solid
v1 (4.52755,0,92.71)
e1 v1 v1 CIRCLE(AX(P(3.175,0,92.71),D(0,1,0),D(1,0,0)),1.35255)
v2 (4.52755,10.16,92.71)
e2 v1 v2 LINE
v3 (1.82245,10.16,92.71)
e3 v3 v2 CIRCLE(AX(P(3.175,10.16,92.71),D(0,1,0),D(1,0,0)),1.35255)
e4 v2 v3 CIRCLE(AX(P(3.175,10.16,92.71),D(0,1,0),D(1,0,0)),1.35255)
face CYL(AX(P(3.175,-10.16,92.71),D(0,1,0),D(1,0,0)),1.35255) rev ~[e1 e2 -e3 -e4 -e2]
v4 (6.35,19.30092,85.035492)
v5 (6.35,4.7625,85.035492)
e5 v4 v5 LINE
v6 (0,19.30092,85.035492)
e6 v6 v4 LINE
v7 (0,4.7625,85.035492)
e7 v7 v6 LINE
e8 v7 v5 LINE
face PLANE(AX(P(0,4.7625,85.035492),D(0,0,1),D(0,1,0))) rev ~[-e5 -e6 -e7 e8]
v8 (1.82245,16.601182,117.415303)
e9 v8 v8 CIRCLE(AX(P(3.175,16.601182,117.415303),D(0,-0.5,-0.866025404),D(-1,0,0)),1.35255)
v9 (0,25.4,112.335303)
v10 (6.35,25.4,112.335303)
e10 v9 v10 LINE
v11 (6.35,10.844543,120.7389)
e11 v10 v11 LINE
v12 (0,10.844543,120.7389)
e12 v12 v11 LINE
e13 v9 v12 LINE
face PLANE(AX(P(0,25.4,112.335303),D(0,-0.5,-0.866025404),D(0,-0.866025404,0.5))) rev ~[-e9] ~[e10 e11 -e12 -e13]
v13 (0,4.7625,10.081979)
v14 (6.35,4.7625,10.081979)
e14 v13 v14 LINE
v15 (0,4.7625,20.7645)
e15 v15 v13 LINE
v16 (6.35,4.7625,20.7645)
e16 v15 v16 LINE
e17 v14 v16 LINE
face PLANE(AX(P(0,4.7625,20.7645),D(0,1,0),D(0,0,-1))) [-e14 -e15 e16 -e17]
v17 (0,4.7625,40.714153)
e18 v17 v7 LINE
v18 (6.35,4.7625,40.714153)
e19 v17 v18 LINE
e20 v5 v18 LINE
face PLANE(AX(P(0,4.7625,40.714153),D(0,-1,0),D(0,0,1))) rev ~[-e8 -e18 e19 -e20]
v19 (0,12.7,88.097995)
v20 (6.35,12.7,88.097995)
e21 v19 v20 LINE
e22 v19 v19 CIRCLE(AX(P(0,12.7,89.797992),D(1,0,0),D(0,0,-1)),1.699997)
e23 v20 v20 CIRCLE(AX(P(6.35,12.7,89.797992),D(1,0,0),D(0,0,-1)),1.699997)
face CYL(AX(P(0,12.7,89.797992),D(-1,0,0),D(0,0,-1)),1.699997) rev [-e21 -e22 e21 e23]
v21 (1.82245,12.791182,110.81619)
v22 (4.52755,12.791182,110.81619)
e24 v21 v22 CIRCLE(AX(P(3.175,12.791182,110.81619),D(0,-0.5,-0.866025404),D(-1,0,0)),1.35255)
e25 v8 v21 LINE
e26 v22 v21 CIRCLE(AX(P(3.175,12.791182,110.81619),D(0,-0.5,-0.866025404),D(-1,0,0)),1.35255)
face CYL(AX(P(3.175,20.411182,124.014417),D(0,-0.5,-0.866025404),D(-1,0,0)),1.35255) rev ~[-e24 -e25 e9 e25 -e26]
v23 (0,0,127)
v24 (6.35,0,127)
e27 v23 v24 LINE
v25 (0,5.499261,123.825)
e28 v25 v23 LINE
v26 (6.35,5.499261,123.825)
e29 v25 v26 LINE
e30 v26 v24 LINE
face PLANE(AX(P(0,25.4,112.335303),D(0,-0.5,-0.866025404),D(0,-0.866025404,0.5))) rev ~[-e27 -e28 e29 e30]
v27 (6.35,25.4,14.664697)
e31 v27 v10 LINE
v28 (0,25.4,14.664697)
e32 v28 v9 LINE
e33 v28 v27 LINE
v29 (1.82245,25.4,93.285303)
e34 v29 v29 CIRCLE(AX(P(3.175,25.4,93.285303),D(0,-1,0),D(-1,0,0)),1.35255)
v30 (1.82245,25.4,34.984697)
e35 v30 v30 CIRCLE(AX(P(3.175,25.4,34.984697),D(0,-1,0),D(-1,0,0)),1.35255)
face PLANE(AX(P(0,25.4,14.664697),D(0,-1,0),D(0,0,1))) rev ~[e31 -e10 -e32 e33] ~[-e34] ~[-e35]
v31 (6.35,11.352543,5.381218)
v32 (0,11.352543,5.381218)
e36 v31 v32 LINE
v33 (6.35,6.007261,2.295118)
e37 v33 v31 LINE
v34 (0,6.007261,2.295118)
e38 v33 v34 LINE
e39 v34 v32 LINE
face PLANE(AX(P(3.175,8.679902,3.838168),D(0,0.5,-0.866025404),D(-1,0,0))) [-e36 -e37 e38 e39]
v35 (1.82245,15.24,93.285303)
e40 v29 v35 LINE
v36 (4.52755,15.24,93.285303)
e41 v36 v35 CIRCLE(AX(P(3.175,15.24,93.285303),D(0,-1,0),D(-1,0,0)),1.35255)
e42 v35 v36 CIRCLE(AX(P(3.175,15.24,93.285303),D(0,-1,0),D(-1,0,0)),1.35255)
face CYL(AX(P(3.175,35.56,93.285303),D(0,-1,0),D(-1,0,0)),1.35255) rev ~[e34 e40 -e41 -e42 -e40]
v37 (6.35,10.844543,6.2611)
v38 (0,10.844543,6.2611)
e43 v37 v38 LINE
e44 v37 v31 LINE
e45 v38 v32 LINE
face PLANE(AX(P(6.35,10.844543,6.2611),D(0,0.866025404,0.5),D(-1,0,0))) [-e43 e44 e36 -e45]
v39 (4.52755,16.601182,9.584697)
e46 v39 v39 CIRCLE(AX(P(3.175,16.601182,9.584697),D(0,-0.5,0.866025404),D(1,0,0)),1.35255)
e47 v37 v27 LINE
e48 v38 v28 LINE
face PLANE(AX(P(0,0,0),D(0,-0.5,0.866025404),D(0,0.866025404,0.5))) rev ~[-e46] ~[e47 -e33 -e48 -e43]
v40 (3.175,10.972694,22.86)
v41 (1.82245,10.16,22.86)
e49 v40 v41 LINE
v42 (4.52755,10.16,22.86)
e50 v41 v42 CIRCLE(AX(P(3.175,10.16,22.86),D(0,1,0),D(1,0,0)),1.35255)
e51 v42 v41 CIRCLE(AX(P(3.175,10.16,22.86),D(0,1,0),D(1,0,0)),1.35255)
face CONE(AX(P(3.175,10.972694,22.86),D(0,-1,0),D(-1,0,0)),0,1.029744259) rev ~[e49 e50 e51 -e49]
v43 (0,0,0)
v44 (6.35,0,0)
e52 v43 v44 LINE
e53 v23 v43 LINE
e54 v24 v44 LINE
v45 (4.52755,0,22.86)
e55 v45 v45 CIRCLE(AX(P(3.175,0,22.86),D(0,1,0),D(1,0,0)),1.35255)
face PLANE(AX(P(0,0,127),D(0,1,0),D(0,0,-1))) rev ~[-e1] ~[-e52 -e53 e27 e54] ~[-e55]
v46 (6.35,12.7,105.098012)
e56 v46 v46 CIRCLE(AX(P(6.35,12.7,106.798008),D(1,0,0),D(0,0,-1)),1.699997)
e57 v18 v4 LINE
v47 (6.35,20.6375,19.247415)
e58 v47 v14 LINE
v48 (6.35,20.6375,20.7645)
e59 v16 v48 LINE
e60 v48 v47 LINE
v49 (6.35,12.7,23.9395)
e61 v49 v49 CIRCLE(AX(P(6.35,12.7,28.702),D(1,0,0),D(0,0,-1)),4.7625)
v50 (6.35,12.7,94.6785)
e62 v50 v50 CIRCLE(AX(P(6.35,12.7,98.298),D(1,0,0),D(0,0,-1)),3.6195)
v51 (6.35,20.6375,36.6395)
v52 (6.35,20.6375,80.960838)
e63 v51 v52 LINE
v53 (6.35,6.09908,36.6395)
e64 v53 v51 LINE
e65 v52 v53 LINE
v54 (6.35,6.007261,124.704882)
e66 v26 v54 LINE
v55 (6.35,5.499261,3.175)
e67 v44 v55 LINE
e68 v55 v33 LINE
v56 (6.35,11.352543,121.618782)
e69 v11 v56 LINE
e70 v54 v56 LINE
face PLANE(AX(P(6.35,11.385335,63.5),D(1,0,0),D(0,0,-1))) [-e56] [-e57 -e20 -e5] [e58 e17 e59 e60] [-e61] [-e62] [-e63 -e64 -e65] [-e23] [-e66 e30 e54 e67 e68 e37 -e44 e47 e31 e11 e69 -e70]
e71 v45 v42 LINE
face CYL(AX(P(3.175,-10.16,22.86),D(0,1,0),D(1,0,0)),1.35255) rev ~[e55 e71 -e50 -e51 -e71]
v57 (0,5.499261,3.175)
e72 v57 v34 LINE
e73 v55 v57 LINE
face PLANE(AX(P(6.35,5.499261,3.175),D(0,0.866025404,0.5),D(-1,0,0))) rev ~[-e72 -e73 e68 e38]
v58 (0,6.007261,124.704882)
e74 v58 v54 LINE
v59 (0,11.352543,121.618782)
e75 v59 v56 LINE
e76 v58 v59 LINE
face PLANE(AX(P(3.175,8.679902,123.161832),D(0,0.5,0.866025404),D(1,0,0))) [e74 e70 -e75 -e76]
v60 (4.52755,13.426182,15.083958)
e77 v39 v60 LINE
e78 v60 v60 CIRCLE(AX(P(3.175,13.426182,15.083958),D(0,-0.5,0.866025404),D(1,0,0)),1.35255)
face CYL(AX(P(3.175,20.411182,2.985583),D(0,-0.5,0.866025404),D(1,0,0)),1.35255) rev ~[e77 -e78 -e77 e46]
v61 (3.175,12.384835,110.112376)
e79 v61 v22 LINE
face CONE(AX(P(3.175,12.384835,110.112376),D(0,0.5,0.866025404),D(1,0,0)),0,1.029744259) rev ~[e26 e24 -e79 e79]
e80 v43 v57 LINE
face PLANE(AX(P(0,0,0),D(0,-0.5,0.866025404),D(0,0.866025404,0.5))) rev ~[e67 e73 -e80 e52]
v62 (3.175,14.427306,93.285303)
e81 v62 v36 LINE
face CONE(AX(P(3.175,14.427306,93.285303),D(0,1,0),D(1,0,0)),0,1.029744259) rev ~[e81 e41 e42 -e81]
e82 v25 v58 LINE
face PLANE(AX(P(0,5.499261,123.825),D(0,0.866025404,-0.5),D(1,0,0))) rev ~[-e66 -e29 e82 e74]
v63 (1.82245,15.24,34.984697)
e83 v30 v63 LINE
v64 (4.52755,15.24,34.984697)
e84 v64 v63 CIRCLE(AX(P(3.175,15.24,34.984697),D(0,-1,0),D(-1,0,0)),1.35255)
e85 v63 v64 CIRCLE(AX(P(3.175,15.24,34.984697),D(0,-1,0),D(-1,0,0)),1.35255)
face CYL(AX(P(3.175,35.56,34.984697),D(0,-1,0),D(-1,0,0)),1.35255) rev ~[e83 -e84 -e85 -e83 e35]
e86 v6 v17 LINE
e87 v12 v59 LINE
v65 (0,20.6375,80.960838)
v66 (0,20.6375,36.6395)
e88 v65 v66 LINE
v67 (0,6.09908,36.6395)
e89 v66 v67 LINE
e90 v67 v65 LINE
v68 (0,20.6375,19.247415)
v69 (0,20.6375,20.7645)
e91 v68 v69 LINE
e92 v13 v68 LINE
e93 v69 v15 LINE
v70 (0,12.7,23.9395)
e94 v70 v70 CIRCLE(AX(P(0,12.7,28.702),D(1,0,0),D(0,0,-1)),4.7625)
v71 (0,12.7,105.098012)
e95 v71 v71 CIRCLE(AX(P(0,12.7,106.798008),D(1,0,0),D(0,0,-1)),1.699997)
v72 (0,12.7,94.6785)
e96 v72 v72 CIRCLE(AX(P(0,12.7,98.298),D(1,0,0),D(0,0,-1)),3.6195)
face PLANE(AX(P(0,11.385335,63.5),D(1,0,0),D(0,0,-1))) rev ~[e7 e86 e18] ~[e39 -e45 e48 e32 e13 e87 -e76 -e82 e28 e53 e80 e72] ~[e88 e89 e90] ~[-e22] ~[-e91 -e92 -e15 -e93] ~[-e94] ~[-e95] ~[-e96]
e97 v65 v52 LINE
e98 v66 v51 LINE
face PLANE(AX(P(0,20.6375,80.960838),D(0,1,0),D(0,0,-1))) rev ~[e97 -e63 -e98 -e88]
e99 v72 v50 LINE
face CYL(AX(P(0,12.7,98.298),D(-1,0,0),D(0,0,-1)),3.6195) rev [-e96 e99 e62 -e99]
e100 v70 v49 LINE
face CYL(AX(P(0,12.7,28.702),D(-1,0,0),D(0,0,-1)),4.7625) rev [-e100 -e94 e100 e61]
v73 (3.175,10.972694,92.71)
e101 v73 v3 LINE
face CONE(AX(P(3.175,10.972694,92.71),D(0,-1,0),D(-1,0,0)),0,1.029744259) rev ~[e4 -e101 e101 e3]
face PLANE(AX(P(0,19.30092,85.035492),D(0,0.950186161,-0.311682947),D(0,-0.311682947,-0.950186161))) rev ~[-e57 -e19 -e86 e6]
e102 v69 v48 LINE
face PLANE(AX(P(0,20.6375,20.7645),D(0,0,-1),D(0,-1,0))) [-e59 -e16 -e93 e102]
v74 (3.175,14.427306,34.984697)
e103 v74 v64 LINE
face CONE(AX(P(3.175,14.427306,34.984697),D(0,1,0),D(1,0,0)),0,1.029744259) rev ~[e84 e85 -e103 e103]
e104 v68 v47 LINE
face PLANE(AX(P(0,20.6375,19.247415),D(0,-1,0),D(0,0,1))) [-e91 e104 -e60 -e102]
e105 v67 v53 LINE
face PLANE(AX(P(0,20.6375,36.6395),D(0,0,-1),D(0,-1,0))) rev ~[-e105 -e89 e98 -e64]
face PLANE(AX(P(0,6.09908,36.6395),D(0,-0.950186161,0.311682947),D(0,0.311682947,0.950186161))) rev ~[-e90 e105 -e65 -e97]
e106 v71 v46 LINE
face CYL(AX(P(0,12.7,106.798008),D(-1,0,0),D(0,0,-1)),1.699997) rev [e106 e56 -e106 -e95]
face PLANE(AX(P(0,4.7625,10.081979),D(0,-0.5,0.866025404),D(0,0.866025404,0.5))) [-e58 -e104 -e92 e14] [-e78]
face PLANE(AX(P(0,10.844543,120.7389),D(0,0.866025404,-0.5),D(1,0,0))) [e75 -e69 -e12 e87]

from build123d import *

# Parameters (mm, degrees)
SKETCH1_R                     = 3.6195
SKETCH1_R_2                   = 4.7625
SKETCH1_R_3                   = 1.6999966
BOSS_EXTRUDE1_DEPTH           = 6.35
TAP_DRILL_FOR_6_32_TAP4_D     = 2.7051
TAP_DRILL_FOR_6_32_TAP4_DEPTH = 10.16
TAP_DRILL_FOR_6_32_TAP4_TIP   = 0.81269403
TAP_DRILL_FOR_6_32_TAP3_D     = 2.7051
TAP_DRILL_FOR_6_32_TAP3_DEPTH = 10.16
TAP_DRILL_FOR_6_32_TAP3_TIP   = 0.81269403
SKETCH11_W                    = 6.35
SKETCH11_H                    = 6.1722
BOSS_EXTRUDE2_DEPTH           = 1.016
SKETCH12_W                    = 6.35
SKETCH12_H                    = 6.1722
BOSS_EXTRUDE3_DEPTH           = 1.016
TAP_DRILL_FOR_6_32_TAP1_D     = 2.7051
TAP_DRILL_FOR_6_32_TAP1_DEPTH = 7.62
TAP_DRILL_FOR_6_32_TAP1_TIP   = 0.81269403
TAP_DRILL_FOR_6_32_TAP2_D     = 2.7051
TAP_DRILL_FOR_6_32_TAP2_DEPTH = 7.62
TAP_DRILL_FOR_6_32_TAP2_TIP   = 0.81269403
CUT_EXTRUDE1_DEPTH            = 130.67066939


with BuildPart() as part:
    # Sketch1 → Boss-Extrude1 (new body)
    with BuildSketch(Plane(origin=(0, 0, 0), x_dir=(0, 0, -1), z_dir=(1, 0, 0))):
        Polygon((0, 0), (-14.664696837, 25.4), (-112.335303163, 25.4), (-127, 0), align=None)
        with Locations((-98.298, 12.7)):
            Circle(SKETCH1_R, mode=Mode.SUBTRACT)
        with Locations((-28.702, 12.7)):
            Circle(SKETCH1_R_2, mode=Mode.SUBTRACT)
        with Locations((-89.7979916, 12.7)):
            Circle(SKETCH1_R_3, mode=Mode.SUBTRACT)
        with Locations((-106.7980084, 12.7)):
            Circle(SKETCH1_R_3, mode=Mode.SUBTRACT)
    extrude(amount=BOSS_EXTRUDE1_DEPTH)

    # Tap Drill for #6-32 Tap4
    with Locations(Plane(origin=(0, 25.4, 0), x_dir=(1, 0, 0), z_dir=(0, 1, 0))):
        with Locations((3.175, -93.285303163), (3.175, -34.984696837)):
            Hole(TAP_DRILL_FOR_6_32_TAP4_D / 2, depth=TAP_DRILL_FOR_6_32_TAP4_DEPTH)
            with Locations((0, 0, -(TAP_DRILL_FOR_6_32_TAP4_DEPTH + TAP_DRILL_FOR_6_32_TAP4_TIP / 2))):  # 118° drill point
                Cone(0, TAP_DRILL_FOR_6_32_TAP4_D / 2, TAP_DRILL_FOR_6_32_TAP4_TIP, mode=Mode.SUBTRACT)

    # Tap Drill for #6-32 Tap3
    with Locations(Plane(origin=(0, 0, 0), x_dir=(-1, 0, 0), z_dir=(0, -1, 0))):
        with Locations((-3.175, -92.71), (-3.175, -22.86)):
            Hole(TAP_DRILL_FOR_6_32_TAP3_D / 2, depth=TAP_DRILL_FOR_6_32_TAP3_DEPTH)
            with Locations((0, 0, -(TAP_DRILL_FOR_6_32_TAP3_DEPTH + TAP_DRILL_FOR_6_32_TAP3_TIP / 2))):  # 118° drill point
                Cone(0, TAP_DRILL_FOR_6_32_TAP3_D / 2, TAP_DRILL_FOR_6_32_TAP3_TIP, mode=Mode.SUBTRACT)

    # Sketch11 → Boss-Extrude2 (add)
    with BuildSketch(Plane(origin=(0, 54.99261314, 95.25), x_dir=(1, 0, 0), z_dir=(0, 0.5000000000000038, 0.8660254037844366))):
        with Locations((3.175, -54.0639)):
            Rectangle(SKETCH11_W, SKETCH11_H)
    extrude(amount=BOSS_EXTRUDE2_DEPTH)

    # Sketch12 → Boss-Extrude3 (add)
    with BuildSketch(Plane(origin=(0, 0, 0), x_dir=(-1, 0, 0), z_dir=(0, 0.499999999999998, -0.8660254037844397))):
        with Locations((-3.175, 9.4361)):
            Rectangle(SKETCH12_W, SKETCH12_H)
    extrude(amount=BOSS_EXTRUDE3_DEPTH)

    # Tap Drill for #6-32 Tap1
    with Locations(Plane(origin=(0, 54.99261314, 95.25), x_dir=(1, 0, 0), z_dir=(0, 0.5000000000000038, 0.8660254037844366))):
        with Locations((3.175, -44.330606325)):
            Hole(TAP_DRILL_FOR_6_32_TAP1_D / 2, depth=TAP_DRILL_FOR_6_32_TAP1_DEPTH)
            with Locations((0, 0, -(TAP_DRILL_FOR_6_32_TAP1_DEPTH + TAP_DRILL_FOR_6_32_TAP1_TIP / 2))):  # 118° drill point
                Cone(0, TAP_DRILL_FOR_6_32_TAP1_D / 2, TAP_DRILL_FOR_6_32_TAP1_TIP, mode=Mode.SUBTRACT)

    # Tap Drill for #6-32 Tap2
    with Locations(Plane(origin=(0, 0, 0), x_dir=(-1, 0, 0), z_dir=(0, 0.499999999999998, -0.8660254037844397))):
        with Locations((-3.175, 19.169393675)):
            Hole(TAP_DRILL_FOR_6_32_TAP2_D / 2, depth=TAP_DRILL_FOR_6_32_TAP2_DEPTH)
            with Locations((0, 0, -(TAP_DRILL_FOR_6_32_TAP2_DEPTH + TAP_DRILL_FOR_6_32_TAP2_TIP / 2))):  # 118° drill point
                Cone(0, TAP_DRILL_FOR_6_32_TAP2_D / 2, TAP_DRILL_FOR_6_32_TAP2_TIP, mode=Mode.SUBTRACT)

    # Sketch19 → Cut-Extrude1 (cut, through all)
    with BuildSketch(Plane.ZY):
        Polygon((80.96083814, 20.6375), (36.6395, 20.6375), (36.6395, 6.099080191), align=None)
        Polygon((85.0354916, 4.7625), (85.0354916, 19.300919809), (40.71415346, 4.7625), align=None)
        Polygon((20.7645, 20.6375), (20.7645, 4.7625), (10.081979076, 4.7625), (19.247414599, 20.6375), align=None)
    extrude(amount=-CUT_EXTRUDE1_DEPTH, mode=Mode.SUBTRACT)


solid = part.part
